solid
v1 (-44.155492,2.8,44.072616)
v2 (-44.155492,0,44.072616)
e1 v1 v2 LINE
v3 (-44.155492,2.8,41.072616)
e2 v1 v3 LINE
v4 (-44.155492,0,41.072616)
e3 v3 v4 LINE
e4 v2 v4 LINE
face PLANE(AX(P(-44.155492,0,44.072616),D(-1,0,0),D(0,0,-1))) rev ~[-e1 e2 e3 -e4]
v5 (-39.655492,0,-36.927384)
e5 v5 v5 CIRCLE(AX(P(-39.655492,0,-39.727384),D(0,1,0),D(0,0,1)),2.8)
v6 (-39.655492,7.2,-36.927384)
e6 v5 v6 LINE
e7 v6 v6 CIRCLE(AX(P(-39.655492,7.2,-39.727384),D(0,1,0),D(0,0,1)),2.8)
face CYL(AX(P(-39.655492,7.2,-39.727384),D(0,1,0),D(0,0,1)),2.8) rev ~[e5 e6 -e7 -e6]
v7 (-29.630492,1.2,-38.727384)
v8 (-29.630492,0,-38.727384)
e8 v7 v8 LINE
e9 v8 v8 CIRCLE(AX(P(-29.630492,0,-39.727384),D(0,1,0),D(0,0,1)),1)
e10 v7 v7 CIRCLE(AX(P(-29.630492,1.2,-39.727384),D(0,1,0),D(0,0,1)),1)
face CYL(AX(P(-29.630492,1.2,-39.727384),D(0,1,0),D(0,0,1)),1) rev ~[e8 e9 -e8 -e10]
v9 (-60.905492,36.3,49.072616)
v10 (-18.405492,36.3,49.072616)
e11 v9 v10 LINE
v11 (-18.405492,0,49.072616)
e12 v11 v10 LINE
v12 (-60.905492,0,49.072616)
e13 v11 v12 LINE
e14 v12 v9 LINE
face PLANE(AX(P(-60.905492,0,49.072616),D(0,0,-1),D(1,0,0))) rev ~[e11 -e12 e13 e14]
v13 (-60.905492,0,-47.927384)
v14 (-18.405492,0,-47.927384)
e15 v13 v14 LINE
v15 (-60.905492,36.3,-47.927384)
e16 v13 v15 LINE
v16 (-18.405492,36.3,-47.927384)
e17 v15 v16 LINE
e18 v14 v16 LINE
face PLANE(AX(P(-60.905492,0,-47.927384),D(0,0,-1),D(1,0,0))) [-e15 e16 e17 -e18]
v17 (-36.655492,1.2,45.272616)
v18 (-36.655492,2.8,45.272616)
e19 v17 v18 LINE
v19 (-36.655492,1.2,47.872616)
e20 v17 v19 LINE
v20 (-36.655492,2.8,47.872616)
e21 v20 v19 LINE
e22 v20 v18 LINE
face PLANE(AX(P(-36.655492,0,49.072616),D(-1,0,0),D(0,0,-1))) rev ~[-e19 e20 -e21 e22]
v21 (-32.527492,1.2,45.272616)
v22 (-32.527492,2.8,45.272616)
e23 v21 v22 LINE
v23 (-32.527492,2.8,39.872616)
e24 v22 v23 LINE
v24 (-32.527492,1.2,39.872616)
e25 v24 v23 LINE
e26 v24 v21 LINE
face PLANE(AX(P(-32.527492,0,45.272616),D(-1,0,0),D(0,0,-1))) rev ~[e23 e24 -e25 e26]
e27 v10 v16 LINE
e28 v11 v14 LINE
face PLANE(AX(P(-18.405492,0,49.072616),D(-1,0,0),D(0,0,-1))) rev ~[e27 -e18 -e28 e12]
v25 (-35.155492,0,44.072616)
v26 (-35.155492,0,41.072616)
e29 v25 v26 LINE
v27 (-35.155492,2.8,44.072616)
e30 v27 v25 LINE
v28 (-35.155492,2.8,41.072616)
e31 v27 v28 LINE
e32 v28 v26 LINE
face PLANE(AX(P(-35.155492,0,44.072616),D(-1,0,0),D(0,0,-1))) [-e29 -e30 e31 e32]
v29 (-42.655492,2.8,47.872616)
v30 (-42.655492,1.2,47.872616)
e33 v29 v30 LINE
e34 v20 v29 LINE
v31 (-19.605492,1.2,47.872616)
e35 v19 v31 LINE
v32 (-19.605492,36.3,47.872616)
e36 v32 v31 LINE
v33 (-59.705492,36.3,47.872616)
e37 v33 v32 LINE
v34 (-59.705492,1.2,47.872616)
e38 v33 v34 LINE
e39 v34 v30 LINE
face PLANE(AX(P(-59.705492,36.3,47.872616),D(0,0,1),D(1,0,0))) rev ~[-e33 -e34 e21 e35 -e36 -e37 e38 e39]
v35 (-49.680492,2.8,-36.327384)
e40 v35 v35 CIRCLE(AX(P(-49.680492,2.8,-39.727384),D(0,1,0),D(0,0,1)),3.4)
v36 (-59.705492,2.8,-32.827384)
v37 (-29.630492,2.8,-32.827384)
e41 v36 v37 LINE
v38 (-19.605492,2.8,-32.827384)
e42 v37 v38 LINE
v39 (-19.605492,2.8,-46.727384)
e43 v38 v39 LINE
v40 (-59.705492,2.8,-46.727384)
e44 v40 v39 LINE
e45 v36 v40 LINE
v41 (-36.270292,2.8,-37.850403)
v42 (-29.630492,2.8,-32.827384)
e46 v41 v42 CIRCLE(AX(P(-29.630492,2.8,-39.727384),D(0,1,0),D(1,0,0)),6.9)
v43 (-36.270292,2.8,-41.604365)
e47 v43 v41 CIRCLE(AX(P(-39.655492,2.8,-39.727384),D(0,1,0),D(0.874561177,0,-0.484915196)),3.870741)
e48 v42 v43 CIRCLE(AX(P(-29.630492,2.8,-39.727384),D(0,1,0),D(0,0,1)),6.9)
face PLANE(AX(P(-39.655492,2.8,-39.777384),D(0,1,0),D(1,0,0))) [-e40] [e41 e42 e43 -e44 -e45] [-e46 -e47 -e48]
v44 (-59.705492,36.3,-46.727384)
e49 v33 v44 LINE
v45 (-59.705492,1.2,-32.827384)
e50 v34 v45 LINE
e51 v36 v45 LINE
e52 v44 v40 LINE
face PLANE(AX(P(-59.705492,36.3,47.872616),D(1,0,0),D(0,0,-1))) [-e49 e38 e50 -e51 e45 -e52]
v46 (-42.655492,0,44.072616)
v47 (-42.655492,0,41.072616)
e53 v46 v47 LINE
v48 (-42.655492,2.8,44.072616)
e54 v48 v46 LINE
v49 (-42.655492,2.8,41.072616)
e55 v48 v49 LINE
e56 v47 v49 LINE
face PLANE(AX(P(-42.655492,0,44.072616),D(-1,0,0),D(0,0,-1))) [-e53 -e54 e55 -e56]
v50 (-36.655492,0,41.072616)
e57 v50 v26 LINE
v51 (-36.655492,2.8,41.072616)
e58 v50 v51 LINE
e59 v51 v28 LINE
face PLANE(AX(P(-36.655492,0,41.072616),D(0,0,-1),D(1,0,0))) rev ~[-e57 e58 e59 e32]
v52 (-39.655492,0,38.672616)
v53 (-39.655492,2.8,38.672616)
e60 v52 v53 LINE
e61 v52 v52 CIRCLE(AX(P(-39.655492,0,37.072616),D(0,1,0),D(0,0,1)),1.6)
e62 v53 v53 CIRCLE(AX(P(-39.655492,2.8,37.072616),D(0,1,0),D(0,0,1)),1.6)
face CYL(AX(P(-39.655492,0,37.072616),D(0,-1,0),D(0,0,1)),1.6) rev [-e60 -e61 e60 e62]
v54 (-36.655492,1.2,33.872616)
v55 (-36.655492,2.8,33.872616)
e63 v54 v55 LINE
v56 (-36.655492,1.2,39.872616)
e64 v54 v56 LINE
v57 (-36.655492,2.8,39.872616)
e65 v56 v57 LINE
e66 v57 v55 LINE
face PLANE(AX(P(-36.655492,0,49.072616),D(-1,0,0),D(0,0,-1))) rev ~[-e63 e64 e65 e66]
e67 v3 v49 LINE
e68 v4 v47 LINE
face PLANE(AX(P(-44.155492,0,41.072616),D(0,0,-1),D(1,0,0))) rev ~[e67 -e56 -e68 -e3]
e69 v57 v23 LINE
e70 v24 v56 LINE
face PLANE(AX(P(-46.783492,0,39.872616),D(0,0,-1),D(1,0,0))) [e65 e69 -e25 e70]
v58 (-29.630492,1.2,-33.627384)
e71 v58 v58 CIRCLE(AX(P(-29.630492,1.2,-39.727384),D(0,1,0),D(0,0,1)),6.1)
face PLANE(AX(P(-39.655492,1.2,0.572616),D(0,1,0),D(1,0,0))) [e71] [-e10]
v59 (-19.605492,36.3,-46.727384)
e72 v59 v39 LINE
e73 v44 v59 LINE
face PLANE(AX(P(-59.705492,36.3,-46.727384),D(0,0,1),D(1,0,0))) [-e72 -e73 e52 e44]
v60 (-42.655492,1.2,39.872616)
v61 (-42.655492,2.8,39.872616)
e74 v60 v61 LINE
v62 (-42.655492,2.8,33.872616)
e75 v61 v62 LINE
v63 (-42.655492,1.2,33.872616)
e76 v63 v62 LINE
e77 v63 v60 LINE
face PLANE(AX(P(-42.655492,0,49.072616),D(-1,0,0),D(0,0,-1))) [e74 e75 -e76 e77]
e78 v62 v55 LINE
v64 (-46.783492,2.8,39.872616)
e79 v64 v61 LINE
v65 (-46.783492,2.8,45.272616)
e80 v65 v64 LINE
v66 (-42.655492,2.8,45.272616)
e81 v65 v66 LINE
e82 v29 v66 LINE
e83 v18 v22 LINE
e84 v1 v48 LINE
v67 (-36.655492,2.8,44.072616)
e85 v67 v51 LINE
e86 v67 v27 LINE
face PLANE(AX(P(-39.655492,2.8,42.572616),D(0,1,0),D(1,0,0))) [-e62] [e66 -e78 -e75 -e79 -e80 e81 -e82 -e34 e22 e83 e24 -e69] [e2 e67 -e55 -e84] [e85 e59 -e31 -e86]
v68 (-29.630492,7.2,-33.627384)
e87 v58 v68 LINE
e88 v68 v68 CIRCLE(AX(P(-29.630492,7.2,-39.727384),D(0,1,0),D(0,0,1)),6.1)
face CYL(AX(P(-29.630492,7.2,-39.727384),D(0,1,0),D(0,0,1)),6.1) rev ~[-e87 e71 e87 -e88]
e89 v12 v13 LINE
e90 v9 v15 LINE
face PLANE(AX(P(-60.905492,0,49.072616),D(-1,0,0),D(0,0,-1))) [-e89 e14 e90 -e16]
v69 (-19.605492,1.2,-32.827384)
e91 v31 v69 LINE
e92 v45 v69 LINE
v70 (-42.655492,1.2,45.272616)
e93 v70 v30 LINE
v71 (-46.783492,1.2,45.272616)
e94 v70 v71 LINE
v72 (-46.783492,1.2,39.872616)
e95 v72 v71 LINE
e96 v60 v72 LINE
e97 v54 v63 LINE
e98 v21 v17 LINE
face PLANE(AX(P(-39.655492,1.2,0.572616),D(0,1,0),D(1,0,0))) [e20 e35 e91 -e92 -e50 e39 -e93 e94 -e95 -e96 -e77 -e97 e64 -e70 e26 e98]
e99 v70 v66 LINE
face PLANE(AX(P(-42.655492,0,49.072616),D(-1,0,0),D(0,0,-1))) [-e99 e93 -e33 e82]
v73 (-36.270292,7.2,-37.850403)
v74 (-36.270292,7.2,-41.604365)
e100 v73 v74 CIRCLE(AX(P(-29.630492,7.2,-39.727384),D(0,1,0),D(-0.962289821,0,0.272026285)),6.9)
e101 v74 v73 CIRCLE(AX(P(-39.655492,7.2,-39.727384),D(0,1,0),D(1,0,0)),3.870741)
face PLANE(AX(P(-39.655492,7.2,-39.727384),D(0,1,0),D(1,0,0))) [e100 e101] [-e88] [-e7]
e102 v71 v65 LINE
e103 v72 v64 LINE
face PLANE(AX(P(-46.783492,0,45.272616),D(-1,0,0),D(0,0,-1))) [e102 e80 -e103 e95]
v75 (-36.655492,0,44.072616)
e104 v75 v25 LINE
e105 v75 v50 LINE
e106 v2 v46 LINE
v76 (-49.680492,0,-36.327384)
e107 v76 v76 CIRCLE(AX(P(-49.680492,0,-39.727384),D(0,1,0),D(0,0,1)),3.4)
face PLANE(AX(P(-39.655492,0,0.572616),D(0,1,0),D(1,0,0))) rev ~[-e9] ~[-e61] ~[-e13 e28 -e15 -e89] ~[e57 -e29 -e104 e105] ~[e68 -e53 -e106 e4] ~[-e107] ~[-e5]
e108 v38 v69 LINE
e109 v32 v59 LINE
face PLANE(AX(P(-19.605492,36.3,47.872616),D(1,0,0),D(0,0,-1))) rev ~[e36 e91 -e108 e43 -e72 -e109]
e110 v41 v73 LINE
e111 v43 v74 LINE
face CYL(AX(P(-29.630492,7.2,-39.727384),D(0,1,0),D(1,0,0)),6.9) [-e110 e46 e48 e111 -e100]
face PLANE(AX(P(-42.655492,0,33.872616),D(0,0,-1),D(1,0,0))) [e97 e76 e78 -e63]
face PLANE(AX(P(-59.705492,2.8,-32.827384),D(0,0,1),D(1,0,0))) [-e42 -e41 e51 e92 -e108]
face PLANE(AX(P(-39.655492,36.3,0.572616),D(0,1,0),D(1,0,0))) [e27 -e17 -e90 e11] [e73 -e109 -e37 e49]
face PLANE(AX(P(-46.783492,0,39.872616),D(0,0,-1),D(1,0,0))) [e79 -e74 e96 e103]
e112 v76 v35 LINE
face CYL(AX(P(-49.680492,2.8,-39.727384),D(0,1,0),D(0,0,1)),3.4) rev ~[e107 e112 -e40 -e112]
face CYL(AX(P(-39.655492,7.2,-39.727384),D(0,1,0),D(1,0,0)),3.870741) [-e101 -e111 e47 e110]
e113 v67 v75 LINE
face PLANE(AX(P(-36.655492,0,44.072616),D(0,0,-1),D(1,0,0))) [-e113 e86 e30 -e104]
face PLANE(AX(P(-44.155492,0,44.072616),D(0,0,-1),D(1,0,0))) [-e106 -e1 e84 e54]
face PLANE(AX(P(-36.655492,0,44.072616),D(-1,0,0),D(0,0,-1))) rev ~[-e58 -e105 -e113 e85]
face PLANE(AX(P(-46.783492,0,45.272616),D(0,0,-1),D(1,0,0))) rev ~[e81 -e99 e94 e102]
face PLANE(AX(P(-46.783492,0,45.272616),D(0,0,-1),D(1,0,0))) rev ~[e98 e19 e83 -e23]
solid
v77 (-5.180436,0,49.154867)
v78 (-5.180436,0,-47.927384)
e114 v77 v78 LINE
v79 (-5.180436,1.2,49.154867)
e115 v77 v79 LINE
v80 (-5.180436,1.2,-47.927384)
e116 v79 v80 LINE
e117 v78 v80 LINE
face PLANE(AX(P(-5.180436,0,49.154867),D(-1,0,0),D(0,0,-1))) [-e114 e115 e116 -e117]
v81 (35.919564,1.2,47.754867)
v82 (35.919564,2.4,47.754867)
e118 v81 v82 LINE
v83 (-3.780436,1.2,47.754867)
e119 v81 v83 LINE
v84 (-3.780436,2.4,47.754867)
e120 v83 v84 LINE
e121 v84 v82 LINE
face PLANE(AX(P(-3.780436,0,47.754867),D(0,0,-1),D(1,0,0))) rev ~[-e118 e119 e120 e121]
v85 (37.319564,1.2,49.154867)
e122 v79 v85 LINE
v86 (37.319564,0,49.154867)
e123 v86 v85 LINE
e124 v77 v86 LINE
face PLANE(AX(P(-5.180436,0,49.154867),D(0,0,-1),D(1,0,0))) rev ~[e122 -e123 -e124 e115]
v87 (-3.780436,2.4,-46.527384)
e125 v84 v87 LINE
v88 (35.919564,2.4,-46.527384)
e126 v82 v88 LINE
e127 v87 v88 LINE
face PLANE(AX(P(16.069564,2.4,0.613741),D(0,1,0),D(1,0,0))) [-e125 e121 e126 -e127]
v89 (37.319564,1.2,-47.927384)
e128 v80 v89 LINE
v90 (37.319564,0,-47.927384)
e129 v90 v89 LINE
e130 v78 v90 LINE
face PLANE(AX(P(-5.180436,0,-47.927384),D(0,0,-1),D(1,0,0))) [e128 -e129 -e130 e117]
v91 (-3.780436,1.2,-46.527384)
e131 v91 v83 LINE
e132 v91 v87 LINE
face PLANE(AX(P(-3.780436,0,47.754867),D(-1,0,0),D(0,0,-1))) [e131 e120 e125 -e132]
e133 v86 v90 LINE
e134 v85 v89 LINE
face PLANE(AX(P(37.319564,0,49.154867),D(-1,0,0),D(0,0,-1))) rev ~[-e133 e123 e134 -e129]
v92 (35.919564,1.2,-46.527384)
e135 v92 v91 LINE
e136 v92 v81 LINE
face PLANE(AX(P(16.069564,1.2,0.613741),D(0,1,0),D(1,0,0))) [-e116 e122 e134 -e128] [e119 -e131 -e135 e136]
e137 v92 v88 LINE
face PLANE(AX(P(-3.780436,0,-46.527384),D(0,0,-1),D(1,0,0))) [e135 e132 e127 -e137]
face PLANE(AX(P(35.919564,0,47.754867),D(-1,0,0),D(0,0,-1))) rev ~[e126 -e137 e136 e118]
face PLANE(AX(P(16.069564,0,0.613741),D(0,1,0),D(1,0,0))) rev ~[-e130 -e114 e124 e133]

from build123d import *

# Parameters (mm, degrees)
ESBO_O1_W                 = 42.5
ESBO_O1_H                 = 97
RESSALTO_EXTRUS_O2_DEPTH  = 36.3
ESBO_O2_W                 = 40.1
ESBO_O2_H                 = 94.6
CORTE_EXTRUS_O1_DEPTH     = 35.1
ESBO_O3_R                 = 3.4
ESBO_O3_R_2               = 1
ESBO_O3_R_3               = 2.8
CORTE_EXTRUS_O2_DEPTH     = 86.729869764
RESSALTO_EXTRUS_O6_START  = 1.6
ESBO_O5_W                 = 40.1
ESBO_O5_H                 = 13.9
ESBO_O5_R                 = 3.4
ESBO_O5_R_2               = 3.870741489
ESBO_O5_R_3               = 6.1
RESSALTO_EXTRUS_O6_DEPTH  = 1.6
RESSALTO_EXTRUS_O8_START  = 6
ESBO_O5_7_R               = 3.870741489
ESBO_O5_7_R_2             = 2.8
ESBO_O5_7_R_3             = 6.9
ESBO_O5_7_R_4             = 6.1
RESSALTO_EXTRUS_O8_DEPTH  = 6
ESBO_O6_W                 = 42.5
ESBO_O6_H                 = 97.082250683
RESSALTO_EXTRUS_O11_DEPTH = 1.2
ESBO_O6_4_W               = 39.7
ESBO_O6_4_H               = 94.282250683
RESSALTO_EXTRUS_O12_DEPTH = 1.2
ESBO_O6_5_W               = 39.7
ESBO_O6_5_H               = 94.282250683
RESSALTO_EXTRUS_O13_DEPTH = 2.4
ESBO_O1_8_R               = 1.6
ESBO_O1_8_W               = 1.5
ESBO_O1_8_H               = 3
CORTE_EXTRUS_O10_DEPTH    = 87.274966516
ESBO_O1_10_W              = 14.256
ESBO_O1_10_H              = 5.4
ESBO_O1_10_W_2            = 1.5
ESBO_O1_10_H_2            = 3
ESBO_O1_10_W_3            = 6
ESBO_O1_10_H_3            = 15.2
ESBO_O1_10_R              = 1.6
RESSALTO_EXTRUS_O14_DEPTH = 2.8


with BuildPart() as part:
    # Esboço1 → Ressalto-extrusão2 (new body)
    with BuildSketch(Plane(origin=(0, 0, 0), x_dir=(1, 0, 0), z_dir=(0, 1, 0))):
        with Locations((-39.655491882, -0.572615871)):
            Rectangle(ESBO_O1_W, ESBO_O1_H)
    extrude(amount=RESSALTO_EXTRUS_O2_DEPTH)

    # Esboço2 → Corte-extrusão1 (cut)
    with BuildSketch(Plane(origin=(0, 36.3, 0), x_dir=(1, 0, 0), z_dir=(0, 1, 0))):
        with Locations((-39.655491882, -0.572615871)):
            Rectangle(ESBO_O2_W, ESBO_O2_H)
    extrude(amount=-CORTE_EXTRUS_O1_DEPTH, mode=Mode.SUBTRACT)

    # Esboço3 → Corte-extrusão2 (cut, through all)
    with BuildSketch(Plane(origin=(0, 1.2, 0), x_dir=(1, 0, 0), z_dir=(0, 1, 0))):
        with Locations((-49.680491882, 39.727384129)):
            Circle(ESBO_O3_R)
        with Locations((-29.630491882, 39.727384129)):
            Circle(ESBO_O3_R_2)
        with Locations((-39.655491882, 39.727384129)):
            Circle(ESBO_O3_R_3)
    extrude(amount=-CORTE_EXTRUS_O2_DEPTH, mode=Mode.SUBTRACT)

    # Esboço5 → Ressalto-extrusão6 (add)
    with BuildSketch(Plane(origin=(0, 1.2, 0), x_dir=(1, 0, 0), z_dir=(0, 1, 0)).offset(RESSALTO_EXTRUS_O6_START)):
        with Locations((-39.655491882, 39.777384129)):
            Rectangle(ESBO_O5_W, ESBO_O5_H)
        with Locations((-49.680491882, 39.727384129)):
            Circle(ESBO_O5_R, mode=Mode.SUBTRACT)
        with Locations((-39.655491882, 39.727384129)):
            Circle(ESBO_O5_R_2, mode=Mode.SUBTRACT)
        with Locations((-29.630491882, 39.727384129)):
            Circle(ESBO_O5_R_3, mode=Mode.SUBTRACT)
    extrude(amount=-RESSALTO_EXTRUS_O6_DEPTH)

    # Esboço5<7> → Ressalto-extrusão8 (add)
    # profile 1 of 2: a face of its own
    with BuildSketch(Plane(origin=(0, 1.2, 0), x_dir=(1, 0, 0), z_dir=(0, 1, 0)).offset(RESSALTO_EXTRUS_O8_START)):
        with Locations((-39.655491882, 39.727384129)):
            Circle(ESBO_O5_7_R)
        with Locations((-39.655491882, 39.727384129)):
            Circle(ESBO_O5_7_R_2, mode=Mode.SUBTRACT)
    # profile 2 of 2: a face of its own
    with BuildSketch(Plane(origin=(0, 1.2, 0), x_dir=(1, 0, 0), z_dir=(0, 1, 0)).offset(RESSALTO_EXTRUS_O8_START)):
        with Locations((-29.630491882, 39.727384129)):
            Circle(ESBO_O5_7_R_3)
        with Locations((-29.630491882, 39.727384129)):
            Circle(ESBO_O5_7_R_4, mode=Mode.SUBTRACT)
    extrude(amount=-RESSALTO_EXTRUS_O8_DEPTH)

    # Esboço1<8> → Corte-extrusão10 (cut, through all)
    with BuildSketch(Plane(origin=(0, 0, 0), x_dir=(1, 0, 0), z_dir=(0, 1, 0))):
        with Locations((-39.655491882, -37.072615871)):
            Circle(ESBO_O1_8_R)
        with Locations((-43.405491882, -42.572615871)):
            Rectangle(ESBO_O1_8_W, ESBO_O1_8_H)
        with Locations((-35.905491882, -42.572615871)):
            Rectangle(ESBO_O1_8_W, ESBO_O1_8_H)
    extrude(amount=CORTE_EXTRUS_O10_DEPTH, mode=Mode.SUBTRACT)

    # Esboço1<10> → Ressalto-extrusão14 (add)
    # profile 1 of 2: a face of its own
    with BuildSketch(Plane(origin=(0, 0, 0), x_dir=(1, 0, 0), z_dir=(0, 1, 0))):
        with Locations((-39.655491882, -42.572615871)):
            Rectangle(ESBO_O1_10_W, ESBO_O1_10_H)
        with Locations((-43.405491882, -42.572615871)):
            Rectangle(ESBO_O1_10_W_2, ESBO_O1_10_H_2, mode=Mode.SUBTRACT)
        with Locations((-35.905491882, -42.572615871)):
            Rectangle(ESBO_O1_10_W_2, ESBO_O1_10_H_2, mode=Mode.SUBTRACT)
    # profile 2 of 2: a face of its own
    with BuildSketch(Plane(origin=(0, 0, 0), x_dir=(1, 0, 0), z_dir=(0, 1, 0))):
        with Locations((-39.655491882, -41.472615871)):
            Rectangle(ESBO_O1_10_W_3, ESBO_O1_10_H_3)
        with Locations((-39.655491882, -37.072615871)):
            Circle(ESBO_O1_10_R, mode=Mode.SUBTRACT)
    extrude(amount=RESSALTO_EXTRUS_O14_DEPTH)


with BuildPart() as body_2:
    # Esboço6 → Ressalto-extrusão11 (new body)
    with BuildSketch(Plane(origin=(0, 0, 0), x_dir=(1, 0, 0), z_dir=(0, 1, 0))):
        with Locations((16.069563731, -0.613741212)):
            Rectangle(ESBO_O6_W, ESBO_O6_H)
    extrude(amount=RESSALTO_EXTRUS_O11_DEPTH)

    # Esboço6<4> → Ressalto-extrusão12 (add)
    with BuildSketch(Plane(origin=(0, 0, 0), x_dir=(1, 0, 0), z_dir=(0, 1, 0))):
        with Locations((16.069563731, -0.613741212)):
            Rectangle(ESBO_O6_4_W, ESBO_O6_4_H)
    extrude(amount=RESSALTO_EXTRUS_O12_DEPTH)

    # Esboço6<5> → Ressalto-extrusão13 (add)
    with BuildSketch(Plane(origin=(0, 0, 0), x_dir=(1, 0, 0), z_dir=(0, 1, 0))):
        with Locations((16.069563731, -0.613741212)):
            Rectangle(ESBO_O6_5_W, ESBO_O6_5_H)
    extrude(amount=RESSALTO_EXTRUS_O13_DEPTH)


solid = Compound([part.part, body_2.part])
